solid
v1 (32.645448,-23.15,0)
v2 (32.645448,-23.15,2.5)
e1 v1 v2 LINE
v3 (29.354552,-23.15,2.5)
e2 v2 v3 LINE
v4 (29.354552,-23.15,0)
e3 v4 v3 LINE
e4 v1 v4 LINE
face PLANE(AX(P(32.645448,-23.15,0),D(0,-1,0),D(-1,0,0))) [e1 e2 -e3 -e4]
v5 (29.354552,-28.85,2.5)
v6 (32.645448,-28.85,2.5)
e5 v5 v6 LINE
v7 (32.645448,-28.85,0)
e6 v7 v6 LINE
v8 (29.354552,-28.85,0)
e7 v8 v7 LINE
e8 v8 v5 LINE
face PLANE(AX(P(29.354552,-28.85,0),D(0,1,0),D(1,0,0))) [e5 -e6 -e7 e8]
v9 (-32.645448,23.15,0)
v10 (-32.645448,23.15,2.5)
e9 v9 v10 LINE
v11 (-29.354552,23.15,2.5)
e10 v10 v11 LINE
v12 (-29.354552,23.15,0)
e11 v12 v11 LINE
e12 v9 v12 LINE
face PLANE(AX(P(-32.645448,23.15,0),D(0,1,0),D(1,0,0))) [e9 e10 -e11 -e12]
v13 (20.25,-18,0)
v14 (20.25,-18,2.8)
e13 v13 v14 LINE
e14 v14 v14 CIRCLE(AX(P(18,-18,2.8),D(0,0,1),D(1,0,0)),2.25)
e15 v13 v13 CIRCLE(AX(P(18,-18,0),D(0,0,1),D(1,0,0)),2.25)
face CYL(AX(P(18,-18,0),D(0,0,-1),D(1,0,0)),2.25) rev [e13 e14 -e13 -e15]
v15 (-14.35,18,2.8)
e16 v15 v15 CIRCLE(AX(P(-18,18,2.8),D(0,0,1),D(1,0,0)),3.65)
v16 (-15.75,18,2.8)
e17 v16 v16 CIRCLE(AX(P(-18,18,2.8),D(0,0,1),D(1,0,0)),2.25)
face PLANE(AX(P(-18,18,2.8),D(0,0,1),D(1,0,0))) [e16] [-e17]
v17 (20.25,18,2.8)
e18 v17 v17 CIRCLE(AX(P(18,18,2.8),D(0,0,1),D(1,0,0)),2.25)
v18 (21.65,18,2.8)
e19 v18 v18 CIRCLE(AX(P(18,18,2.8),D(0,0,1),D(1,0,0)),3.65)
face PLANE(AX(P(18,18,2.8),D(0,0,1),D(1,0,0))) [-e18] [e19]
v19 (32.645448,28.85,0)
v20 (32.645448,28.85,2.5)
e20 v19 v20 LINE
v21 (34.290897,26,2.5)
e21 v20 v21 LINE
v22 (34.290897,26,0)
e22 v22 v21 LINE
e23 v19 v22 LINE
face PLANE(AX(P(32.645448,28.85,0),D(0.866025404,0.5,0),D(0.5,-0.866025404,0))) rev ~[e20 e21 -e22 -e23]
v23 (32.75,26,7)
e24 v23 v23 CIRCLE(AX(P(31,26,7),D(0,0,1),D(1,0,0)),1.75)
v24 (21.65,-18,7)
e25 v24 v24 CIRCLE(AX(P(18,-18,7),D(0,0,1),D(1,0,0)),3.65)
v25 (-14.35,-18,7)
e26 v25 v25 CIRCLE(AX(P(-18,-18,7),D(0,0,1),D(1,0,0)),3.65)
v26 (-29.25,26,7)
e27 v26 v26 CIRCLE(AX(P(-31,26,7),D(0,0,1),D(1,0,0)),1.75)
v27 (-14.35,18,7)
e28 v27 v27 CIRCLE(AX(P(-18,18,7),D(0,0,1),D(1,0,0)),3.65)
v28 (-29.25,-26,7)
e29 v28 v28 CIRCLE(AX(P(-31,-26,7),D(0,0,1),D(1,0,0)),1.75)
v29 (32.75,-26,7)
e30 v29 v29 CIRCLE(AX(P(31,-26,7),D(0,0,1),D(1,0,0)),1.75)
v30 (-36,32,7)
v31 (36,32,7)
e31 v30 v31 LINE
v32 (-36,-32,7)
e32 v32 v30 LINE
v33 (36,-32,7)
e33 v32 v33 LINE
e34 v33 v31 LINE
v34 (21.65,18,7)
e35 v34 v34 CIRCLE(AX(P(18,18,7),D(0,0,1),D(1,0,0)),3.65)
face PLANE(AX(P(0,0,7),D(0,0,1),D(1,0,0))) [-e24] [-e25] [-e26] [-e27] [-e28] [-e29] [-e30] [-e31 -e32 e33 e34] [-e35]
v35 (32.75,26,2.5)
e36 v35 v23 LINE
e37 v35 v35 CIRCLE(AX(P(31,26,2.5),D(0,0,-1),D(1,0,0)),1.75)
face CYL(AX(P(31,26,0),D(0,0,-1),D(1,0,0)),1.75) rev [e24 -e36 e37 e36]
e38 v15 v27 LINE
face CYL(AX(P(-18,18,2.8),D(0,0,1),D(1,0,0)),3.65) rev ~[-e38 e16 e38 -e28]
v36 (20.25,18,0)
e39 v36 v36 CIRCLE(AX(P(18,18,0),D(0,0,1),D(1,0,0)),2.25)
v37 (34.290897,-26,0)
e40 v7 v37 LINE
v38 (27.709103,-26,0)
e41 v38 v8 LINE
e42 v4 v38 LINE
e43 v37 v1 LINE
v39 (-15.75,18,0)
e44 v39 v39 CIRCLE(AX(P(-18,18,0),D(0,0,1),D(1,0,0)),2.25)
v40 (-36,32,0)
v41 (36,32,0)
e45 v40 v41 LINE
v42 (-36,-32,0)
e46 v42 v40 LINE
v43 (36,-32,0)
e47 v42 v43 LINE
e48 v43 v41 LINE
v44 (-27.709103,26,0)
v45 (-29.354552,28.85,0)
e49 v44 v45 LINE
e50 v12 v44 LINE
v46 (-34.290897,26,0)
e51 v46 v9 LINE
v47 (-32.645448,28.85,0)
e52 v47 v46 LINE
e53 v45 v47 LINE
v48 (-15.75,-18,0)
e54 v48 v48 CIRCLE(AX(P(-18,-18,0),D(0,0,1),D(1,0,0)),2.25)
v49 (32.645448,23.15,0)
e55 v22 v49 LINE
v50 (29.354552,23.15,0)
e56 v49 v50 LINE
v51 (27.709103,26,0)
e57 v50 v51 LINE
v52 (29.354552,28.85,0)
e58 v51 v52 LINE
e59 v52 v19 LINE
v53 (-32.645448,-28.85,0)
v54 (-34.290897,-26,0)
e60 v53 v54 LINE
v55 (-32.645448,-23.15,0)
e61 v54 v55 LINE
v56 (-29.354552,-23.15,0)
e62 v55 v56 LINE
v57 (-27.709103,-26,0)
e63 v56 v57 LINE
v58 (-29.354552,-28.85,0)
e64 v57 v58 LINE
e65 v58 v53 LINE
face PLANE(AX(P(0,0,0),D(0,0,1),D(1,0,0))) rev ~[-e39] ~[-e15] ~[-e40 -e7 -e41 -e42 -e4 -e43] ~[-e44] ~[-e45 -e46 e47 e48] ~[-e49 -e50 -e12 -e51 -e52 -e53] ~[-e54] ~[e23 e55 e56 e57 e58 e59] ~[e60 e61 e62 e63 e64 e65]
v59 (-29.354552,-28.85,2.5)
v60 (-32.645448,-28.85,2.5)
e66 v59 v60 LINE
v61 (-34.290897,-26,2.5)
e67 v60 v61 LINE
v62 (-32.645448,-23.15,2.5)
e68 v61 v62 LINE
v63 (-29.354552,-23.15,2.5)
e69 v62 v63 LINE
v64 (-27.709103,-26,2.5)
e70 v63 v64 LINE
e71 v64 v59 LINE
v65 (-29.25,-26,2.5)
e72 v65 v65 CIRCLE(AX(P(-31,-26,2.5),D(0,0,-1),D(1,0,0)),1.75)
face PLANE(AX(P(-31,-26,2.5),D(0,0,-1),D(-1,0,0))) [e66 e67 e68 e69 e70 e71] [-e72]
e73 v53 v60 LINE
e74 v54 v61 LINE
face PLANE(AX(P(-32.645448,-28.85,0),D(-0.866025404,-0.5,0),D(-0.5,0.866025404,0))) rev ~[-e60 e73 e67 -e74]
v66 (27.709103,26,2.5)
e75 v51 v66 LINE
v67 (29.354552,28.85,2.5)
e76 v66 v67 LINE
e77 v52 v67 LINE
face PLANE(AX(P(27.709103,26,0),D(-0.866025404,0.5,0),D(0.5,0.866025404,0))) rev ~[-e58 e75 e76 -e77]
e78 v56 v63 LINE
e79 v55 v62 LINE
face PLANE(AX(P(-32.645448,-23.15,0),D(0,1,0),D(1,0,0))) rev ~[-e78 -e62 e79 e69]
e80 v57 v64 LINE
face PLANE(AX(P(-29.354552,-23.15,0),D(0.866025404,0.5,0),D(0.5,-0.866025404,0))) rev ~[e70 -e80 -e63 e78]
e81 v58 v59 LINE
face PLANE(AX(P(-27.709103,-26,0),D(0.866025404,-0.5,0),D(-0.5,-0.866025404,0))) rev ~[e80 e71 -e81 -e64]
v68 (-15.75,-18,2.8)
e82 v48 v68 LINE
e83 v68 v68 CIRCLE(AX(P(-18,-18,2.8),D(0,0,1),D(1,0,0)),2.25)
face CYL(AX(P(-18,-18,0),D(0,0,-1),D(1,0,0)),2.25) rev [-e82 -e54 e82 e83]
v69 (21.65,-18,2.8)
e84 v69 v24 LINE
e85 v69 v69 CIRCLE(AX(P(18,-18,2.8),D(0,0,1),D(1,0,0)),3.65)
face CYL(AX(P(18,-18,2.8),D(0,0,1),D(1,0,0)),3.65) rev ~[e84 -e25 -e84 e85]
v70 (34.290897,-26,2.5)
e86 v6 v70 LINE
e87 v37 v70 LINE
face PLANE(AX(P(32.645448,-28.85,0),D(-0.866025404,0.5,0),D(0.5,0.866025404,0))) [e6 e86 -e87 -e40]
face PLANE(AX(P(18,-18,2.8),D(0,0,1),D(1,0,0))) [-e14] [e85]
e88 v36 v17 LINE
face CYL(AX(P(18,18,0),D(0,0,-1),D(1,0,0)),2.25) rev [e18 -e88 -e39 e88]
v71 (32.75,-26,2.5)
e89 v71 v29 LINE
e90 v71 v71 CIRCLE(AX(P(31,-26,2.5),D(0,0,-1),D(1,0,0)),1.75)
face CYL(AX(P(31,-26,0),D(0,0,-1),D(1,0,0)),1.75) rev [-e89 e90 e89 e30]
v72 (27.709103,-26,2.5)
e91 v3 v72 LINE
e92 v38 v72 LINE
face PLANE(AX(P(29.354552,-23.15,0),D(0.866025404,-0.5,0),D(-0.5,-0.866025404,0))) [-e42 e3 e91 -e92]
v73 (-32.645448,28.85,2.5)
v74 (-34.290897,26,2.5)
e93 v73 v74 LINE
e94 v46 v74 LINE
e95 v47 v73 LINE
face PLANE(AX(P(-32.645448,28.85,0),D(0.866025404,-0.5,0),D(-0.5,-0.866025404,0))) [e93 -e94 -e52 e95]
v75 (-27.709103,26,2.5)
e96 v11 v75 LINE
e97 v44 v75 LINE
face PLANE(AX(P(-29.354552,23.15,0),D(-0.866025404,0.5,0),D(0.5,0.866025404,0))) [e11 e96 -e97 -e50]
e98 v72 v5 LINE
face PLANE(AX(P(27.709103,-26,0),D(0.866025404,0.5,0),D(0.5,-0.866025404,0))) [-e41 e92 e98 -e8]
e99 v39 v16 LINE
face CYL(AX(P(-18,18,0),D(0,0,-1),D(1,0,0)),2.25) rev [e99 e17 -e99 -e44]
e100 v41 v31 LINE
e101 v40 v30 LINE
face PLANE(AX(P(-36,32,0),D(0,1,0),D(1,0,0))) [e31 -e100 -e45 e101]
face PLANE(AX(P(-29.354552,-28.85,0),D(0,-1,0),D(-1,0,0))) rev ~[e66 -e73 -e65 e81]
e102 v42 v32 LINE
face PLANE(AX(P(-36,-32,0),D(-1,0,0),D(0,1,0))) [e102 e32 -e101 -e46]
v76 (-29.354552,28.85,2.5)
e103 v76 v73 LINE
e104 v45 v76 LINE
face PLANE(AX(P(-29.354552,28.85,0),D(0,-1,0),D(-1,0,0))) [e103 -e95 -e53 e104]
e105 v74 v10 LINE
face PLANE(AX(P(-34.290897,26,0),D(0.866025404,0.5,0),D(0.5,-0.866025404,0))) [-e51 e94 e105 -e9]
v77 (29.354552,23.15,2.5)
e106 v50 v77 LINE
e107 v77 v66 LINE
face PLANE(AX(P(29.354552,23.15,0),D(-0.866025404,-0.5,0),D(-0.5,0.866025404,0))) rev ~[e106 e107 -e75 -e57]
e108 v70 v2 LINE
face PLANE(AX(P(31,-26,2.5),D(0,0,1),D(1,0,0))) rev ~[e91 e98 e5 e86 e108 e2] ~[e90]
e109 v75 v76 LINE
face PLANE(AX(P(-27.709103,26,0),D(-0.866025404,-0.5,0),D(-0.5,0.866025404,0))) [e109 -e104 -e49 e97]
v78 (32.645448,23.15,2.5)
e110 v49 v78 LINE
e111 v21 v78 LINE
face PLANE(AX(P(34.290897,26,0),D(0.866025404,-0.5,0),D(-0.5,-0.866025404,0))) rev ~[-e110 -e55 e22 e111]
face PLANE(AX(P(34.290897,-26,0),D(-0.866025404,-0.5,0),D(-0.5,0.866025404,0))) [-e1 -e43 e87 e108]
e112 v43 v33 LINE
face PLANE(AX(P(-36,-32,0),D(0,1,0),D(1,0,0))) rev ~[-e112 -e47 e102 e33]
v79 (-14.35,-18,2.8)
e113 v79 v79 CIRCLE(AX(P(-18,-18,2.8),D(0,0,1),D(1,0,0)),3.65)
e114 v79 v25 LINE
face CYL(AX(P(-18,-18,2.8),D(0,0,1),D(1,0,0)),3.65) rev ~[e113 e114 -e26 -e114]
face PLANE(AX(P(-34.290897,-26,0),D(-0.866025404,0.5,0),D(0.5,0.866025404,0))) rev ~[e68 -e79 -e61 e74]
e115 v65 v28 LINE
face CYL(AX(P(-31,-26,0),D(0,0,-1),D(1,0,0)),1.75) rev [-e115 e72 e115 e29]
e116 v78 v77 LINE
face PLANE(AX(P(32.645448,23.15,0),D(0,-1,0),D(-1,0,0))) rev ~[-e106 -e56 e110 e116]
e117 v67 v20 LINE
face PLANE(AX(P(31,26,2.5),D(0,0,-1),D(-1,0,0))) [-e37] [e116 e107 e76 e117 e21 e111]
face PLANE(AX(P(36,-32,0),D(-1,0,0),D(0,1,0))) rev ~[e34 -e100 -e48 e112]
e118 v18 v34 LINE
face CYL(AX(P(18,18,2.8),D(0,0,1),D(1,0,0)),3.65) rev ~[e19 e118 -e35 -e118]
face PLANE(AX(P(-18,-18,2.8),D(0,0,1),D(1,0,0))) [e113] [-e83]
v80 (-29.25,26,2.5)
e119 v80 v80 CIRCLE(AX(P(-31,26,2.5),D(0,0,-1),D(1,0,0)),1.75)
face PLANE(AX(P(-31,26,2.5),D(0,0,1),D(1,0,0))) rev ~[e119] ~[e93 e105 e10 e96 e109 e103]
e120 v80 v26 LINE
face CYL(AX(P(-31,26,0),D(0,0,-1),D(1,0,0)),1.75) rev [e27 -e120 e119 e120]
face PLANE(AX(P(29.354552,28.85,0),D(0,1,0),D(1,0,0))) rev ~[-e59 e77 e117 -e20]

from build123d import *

# Parameters (mm, degrees)
SKETCH_2_W                = 72
SKETCH_2_H                = 64
SKETCH_2_R                = 2.25
SKETCH_2_R_2              = 1.75
EXTRUDE_1_DEPTH           = 7
HOLE_WIZARD_1_D           = 4.5
HOLE_WIZARD_1_CBORE_D     = 7.3
HOLE_WIZARD_1_CBORE_DEPTH = 4.2
CUT_EXTRUDE_1_DEPTH       = 2.5


with BuildPart() as part:
    # 草圖2 → 填料-伸長1 (new body)
    with BuildSketch(Plane.XY):
        Rectangle(SKETCH_2_W, SKETCH_2_H)
        with Locations((-18, 18)):
            Circle(SKETCH_2_R, mode=Mode.SUBTRACT)
        with Locations((-31, 26)):
            Circle(SKETCH_2_R_2, mode=Mode.SUBTRACT)
        with Locations((18, 18)):
            Circle(SKETCH_2_R, mode=Mode.SUBTRACT)
        with Locations((18, -18)):
            Circle(SKETCH_2_R, mode=Mode.SUBTRACT)
        with Locations((-18, -18)):
            Circle(SKETCH_2_R, mode=Mode.SUBTRACT)
        with Locations((31, 26)):
            Circle(SKETCH_2_R_2, mode=Mode.SUBTRACT)
        with Locations((31, -26)):
            Circle(SKETCH_2_R_2, mode=Mode.SUBTRACT)
        with Locations((-31, -26)):
            Circle(SKETCH_2_R_2, mode=Mode.SUBTRACT)
    extrude(amount=EXTRUDE_1_DEPTH)

    # 鑽孔1 (through all)
    with Locations(Plane(origin=(-18, 18, 7), x_dir=(1, 0, 0), z_dir=(0, 0, 1))):
        with Locations((0, 0), (36, 0), (36, -36), (0, -36)):
            CounterBoreHole(HOLE_WIZARD_1_D / 2, HOLE_WIZARD_1_CBORE_D / 2, HOLE_WIZARD_1_CBORE_DEPTH)

    # 草圖4 → 除料-伸長1 (cut)
    with BuildSketch(Plane(origin=(0, 0, 0), x_dir=(-1, 0, 0), z_dir=(0, 0, -1))):
        Polygon((-27.709103466, 26), (-29.354551733, 28.85), (-32.645448267, 28.85), (-34.290896534, 26), (-32.645448267, 23.15), (-29.354551733, 23.15), align=None)
        Polygon((29.354551733, 23.15), (27.709103466, 26), (29.354551733, 28.85), (32.645448267, 28.85), (34.290896534, 26), (32.645448267, 23.15), align=None)
        Polygon((27.709103466, -26), (29.354551733, -28.85), (32.645448267, -28.85), (34.290896534, -26), (32.645448267, -23.15), (29.354551733, -23.15), align=None)
        Polygon((-29.354551733, -23.15), (-27.709103466, -26), (-29.354551733, -28.85), (-32.645448267, -28.85), (-34.290896534, -26), (-32.645448267, -23.15), align=None)
    extrude(amount=-CUT_EXTRUDE_1_DEPTH, mode=Mode.SUBTRACT)


solid = part.part
